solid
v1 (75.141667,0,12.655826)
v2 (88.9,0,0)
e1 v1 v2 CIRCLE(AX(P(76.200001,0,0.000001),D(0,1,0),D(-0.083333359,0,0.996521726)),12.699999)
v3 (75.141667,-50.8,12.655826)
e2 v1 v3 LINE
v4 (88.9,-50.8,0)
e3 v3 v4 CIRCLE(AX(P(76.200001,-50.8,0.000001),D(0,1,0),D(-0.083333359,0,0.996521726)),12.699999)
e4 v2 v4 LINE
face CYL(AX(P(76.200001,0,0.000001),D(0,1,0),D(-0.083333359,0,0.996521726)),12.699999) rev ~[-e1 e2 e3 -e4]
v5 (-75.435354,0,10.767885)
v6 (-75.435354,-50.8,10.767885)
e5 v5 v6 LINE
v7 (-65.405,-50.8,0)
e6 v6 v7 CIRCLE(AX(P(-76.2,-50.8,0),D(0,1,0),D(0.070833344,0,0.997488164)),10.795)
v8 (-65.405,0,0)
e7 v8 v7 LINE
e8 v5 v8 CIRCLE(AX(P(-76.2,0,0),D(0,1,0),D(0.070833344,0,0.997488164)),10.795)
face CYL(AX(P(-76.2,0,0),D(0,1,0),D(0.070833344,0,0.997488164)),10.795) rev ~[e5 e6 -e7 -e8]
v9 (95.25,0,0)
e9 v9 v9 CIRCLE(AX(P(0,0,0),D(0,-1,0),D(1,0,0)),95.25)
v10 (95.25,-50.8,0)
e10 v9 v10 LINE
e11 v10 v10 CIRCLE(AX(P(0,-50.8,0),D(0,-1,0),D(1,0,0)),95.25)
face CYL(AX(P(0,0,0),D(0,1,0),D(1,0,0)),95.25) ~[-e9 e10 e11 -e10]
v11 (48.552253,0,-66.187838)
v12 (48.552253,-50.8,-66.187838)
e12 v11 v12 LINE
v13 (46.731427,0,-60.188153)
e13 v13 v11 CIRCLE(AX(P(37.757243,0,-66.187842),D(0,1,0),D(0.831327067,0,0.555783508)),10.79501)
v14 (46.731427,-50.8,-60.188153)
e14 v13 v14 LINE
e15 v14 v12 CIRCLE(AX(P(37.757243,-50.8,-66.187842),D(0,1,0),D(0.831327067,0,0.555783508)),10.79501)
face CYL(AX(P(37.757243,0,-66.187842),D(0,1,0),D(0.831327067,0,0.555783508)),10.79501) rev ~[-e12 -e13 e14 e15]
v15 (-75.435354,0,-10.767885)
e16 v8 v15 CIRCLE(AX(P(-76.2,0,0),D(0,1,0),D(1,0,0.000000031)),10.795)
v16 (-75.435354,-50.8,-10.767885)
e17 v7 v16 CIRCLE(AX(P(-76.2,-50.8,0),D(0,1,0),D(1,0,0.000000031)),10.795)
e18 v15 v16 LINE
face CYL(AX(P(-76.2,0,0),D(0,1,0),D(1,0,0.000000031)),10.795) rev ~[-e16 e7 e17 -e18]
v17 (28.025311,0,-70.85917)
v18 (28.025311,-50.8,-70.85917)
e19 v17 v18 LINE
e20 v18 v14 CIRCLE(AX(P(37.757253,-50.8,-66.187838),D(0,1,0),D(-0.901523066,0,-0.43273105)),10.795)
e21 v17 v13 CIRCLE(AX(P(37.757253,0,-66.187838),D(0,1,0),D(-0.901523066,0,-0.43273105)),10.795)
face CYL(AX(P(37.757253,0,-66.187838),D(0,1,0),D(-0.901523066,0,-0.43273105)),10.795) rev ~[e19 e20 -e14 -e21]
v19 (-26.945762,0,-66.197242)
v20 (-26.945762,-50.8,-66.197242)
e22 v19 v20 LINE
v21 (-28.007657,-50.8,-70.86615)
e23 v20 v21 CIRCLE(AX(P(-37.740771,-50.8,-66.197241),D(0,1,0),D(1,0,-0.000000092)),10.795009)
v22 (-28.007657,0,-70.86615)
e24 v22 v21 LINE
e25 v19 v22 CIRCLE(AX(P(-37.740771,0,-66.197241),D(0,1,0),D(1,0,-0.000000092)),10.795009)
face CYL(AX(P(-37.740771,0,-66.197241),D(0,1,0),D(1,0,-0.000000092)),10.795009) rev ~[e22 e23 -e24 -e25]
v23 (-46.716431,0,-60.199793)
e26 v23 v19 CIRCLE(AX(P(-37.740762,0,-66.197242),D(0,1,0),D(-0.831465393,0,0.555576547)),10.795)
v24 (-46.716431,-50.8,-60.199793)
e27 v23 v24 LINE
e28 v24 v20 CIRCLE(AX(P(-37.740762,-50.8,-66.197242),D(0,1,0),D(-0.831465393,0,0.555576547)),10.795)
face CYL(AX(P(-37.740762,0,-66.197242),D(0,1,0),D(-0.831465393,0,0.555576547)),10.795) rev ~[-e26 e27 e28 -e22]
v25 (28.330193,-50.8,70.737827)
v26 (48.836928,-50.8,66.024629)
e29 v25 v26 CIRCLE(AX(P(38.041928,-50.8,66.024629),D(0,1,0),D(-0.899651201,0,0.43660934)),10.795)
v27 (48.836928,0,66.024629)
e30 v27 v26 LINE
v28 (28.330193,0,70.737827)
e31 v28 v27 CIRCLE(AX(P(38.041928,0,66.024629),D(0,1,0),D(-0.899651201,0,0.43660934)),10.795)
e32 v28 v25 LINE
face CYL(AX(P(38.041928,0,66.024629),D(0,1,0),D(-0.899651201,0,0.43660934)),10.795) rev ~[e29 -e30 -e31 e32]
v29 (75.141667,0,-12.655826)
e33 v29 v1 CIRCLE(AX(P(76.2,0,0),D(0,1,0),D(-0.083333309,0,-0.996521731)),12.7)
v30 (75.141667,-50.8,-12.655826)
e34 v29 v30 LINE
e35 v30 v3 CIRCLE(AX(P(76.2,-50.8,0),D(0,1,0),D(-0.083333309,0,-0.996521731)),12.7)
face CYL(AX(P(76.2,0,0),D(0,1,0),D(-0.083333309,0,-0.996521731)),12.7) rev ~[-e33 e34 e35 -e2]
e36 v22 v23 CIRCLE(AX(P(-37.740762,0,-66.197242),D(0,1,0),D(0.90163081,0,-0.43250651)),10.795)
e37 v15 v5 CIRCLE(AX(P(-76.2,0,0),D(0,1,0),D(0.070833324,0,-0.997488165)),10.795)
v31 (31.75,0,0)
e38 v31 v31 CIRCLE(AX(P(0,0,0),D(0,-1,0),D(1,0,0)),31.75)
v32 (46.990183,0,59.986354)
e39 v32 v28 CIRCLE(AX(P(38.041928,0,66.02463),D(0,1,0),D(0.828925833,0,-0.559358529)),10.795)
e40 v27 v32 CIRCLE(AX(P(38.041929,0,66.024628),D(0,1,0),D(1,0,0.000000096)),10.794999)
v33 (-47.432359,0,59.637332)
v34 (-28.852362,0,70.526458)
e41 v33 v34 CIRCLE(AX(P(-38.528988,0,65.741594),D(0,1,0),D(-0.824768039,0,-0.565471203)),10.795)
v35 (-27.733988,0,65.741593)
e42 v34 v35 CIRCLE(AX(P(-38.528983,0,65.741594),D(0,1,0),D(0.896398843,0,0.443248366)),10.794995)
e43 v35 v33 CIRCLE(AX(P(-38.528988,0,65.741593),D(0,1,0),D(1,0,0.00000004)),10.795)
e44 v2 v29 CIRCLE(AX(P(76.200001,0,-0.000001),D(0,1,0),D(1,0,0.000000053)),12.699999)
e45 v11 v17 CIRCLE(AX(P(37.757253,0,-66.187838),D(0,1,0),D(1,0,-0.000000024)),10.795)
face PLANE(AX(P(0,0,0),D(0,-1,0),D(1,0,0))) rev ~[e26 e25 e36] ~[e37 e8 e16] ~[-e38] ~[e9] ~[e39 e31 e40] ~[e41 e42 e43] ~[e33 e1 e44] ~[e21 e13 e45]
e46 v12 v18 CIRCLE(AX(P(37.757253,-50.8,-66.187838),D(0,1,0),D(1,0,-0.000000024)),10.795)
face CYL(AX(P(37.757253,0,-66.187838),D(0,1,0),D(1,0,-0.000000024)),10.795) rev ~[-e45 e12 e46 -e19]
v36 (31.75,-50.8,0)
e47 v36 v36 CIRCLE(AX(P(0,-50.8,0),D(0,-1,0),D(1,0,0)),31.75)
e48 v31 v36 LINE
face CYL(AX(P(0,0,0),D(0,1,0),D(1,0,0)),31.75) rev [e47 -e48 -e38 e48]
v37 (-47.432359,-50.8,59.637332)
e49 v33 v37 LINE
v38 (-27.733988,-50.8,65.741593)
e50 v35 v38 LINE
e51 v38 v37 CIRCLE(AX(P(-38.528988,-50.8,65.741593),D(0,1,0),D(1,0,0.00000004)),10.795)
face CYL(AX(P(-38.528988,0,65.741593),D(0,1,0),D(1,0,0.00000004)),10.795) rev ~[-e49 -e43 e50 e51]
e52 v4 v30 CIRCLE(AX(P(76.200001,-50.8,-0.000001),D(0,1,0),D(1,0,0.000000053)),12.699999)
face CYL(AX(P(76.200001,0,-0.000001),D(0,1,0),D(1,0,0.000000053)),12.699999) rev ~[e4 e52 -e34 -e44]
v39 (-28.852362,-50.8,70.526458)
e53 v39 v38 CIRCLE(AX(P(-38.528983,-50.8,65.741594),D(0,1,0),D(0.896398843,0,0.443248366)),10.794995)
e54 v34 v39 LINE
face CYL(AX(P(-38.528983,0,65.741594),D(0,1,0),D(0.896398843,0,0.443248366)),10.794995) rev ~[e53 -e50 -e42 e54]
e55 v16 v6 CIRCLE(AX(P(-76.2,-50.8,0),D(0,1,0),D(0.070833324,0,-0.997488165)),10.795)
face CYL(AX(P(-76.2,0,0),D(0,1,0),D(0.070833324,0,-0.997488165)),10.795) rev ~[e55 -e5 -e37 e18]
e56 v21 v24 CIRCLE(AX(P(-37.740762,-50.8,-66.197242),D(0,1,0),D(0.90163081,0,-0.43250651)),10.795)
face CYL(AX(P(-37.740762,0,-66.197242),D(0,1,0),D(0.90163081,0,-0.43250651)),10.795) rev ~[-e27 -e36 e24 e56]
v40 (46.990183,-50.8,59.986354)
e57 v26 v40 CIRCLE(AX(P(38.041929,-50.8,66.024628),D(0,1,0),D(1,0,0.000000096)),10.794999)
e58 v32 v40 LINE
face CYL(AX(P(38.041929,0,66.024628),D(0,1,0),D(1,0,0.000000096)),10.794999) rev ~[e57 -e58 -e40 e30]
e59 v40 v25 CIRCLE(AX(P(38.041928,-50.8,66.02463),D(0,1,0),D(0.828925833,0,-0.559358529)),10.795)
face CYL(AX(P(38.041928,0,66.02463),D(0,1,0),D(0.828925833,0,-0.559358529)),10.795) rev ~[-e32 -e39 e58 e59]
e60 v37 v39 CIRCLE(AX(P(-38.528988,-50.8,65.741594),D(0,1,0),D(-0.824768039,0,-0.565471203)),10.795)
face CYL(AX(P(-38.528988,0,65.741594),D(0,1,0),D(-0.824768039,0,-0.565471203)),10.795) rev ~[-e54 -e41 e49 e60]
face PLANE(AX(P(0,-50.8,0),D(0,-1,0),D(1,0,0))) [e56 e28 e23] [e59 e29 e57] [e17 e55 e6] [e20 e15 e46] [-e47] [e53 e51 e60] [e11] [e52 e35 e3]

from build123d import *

# Parameters (mm, degrees)
F0_R     = 95.25
F0_R_2   = 31.75
F1_DEPTH = 50.8


with BuildPart() as f1:
    # F0 (on Front) → F1 (new body)
    with BuildSketch(Plane.XZ):
        Circle(F0_R)
        with BuildLine():
            ThreePointArc((46.990183, 59.986354), (65.491159, 38.953153), (75.141667, 12.655826))
            ThreePointArc((75.141667, 12.655826), (84.797941, 9.346947), (88.9, 0))
            ThreePointArc((88.9, 0), (84.797941, -9.346947), (75.141667, -12.655826))
            ThreePointArc((75.141667, -12.655826), (65.407135, -39.094076), (46.731427, -60.188153))
            ThreePointArc((46.731427, -60.188153), (48.087021, -63.052889), (48.552253, -66.187838))
            ThreePointArc((48.552253, -66.187838), (40.152635, -76.713719), (28.025311, -70.85917))
            ThreePointArc((28.025311, -70.85917), (0.009492, -76.199999), (-28.007657, -70.86615))
            ThreePointArc((-28.007657, -70.86615), (-43.08737, -75.575185), (-46.716431, -60.199793))
            ThreePointArc((-46.716431, -60.199793), (-65.887351, -38.279198), (-75.435354, -10.767885))
            ThreePointArc((-75.435354, -10.767885), (-86.995, 0), (-75.435354, 10.767885))
            ThreePointArc((-75.435354, 10.767885), (-66.114858, 37.884899), (-47.432359, 59.637332))
            ThreePointArc((-47.432359, 59.637332), (-43.987261, 75.054986), (-28.852362, 70.526458))
            ThreePointArc((-28.852362, 70.526458), (-0.281663, 76.199479), (28.330193, 70.737827))
            ThreePointArc((28.330193, 70.737827), (40.459969, 76.545328), (48.836928, 66.024629))
            ThreePointArc((48.836928, 66.024629), (48.364923, 62.867446), (46.990183, 59.986354))
        make_face(mode=Mode.SUBTRACT)
        with BuildLine():
            ThreePointArc((75.141667, -12.655826), (63.5, 0), (75.141667, 12.655826))
            ThreePointArc((75.141667, 12.655826), (65.491159, 38.953153), (46.990183, 59.986354))
            ThreePointArc((46.990183, 59.986354), (32.652655, 56.67114), (28.330193, 70.737827))
            ThreePointArc((28.330193, 70.737827), (-0.281663, 76.199479), (-28.852362, 70.526458))
            ThreePointArc((-28.852362, 70.526458), (-28.017299, 68.198506), (-27.733988, 65.741593))
            ThreePointArc((-27.733988, 65.741593), (-35.333668, 55.430339), (-47.432359, 59.637332))
            ThreePointArc((-47.432359, 59.637332), (-66.114858, 37.884899), (-75.435354, 10.767885))
            ThreePointArc((-75.435354, 10.767885), (-68.301064, 7.35791), (-65.405, 0))
            ThreePointArc((-65.405, 0), (-68.301064, -7.35791), (-75.435354, -10.767885))
            ThreePointArc((-75.435354, -10.767885), (-65.887351, -38.279198), (-46.716431, -60.199793))
            ThreePointArc((-46.716431, -60.199793), (-34.607099, -55.867083), (-26.945762, -66.197242))
            ThreePointArc((-26.945762, -66.197242), (-27.214583, -68.591314), (-28.007657, -70.86615))
            ThreePointArc((-28.007657, -70.86615), (0.009492, -76.199999), (28.025311, -70.85917))
            ThreePointArc((28.025311, -70.85917), (32.408308, -56.811228), (46.731427, -60.188153))
            ThreePointArc((46.731427, -60.188153), (65.407135, -39.094076), (75.141667, -12.655826))
        make_face()
        Circle(F0_R_2, mode=Mode.SUBTRACT)
    extrude(amount=F1_DEPTH)


solid = f1.part
